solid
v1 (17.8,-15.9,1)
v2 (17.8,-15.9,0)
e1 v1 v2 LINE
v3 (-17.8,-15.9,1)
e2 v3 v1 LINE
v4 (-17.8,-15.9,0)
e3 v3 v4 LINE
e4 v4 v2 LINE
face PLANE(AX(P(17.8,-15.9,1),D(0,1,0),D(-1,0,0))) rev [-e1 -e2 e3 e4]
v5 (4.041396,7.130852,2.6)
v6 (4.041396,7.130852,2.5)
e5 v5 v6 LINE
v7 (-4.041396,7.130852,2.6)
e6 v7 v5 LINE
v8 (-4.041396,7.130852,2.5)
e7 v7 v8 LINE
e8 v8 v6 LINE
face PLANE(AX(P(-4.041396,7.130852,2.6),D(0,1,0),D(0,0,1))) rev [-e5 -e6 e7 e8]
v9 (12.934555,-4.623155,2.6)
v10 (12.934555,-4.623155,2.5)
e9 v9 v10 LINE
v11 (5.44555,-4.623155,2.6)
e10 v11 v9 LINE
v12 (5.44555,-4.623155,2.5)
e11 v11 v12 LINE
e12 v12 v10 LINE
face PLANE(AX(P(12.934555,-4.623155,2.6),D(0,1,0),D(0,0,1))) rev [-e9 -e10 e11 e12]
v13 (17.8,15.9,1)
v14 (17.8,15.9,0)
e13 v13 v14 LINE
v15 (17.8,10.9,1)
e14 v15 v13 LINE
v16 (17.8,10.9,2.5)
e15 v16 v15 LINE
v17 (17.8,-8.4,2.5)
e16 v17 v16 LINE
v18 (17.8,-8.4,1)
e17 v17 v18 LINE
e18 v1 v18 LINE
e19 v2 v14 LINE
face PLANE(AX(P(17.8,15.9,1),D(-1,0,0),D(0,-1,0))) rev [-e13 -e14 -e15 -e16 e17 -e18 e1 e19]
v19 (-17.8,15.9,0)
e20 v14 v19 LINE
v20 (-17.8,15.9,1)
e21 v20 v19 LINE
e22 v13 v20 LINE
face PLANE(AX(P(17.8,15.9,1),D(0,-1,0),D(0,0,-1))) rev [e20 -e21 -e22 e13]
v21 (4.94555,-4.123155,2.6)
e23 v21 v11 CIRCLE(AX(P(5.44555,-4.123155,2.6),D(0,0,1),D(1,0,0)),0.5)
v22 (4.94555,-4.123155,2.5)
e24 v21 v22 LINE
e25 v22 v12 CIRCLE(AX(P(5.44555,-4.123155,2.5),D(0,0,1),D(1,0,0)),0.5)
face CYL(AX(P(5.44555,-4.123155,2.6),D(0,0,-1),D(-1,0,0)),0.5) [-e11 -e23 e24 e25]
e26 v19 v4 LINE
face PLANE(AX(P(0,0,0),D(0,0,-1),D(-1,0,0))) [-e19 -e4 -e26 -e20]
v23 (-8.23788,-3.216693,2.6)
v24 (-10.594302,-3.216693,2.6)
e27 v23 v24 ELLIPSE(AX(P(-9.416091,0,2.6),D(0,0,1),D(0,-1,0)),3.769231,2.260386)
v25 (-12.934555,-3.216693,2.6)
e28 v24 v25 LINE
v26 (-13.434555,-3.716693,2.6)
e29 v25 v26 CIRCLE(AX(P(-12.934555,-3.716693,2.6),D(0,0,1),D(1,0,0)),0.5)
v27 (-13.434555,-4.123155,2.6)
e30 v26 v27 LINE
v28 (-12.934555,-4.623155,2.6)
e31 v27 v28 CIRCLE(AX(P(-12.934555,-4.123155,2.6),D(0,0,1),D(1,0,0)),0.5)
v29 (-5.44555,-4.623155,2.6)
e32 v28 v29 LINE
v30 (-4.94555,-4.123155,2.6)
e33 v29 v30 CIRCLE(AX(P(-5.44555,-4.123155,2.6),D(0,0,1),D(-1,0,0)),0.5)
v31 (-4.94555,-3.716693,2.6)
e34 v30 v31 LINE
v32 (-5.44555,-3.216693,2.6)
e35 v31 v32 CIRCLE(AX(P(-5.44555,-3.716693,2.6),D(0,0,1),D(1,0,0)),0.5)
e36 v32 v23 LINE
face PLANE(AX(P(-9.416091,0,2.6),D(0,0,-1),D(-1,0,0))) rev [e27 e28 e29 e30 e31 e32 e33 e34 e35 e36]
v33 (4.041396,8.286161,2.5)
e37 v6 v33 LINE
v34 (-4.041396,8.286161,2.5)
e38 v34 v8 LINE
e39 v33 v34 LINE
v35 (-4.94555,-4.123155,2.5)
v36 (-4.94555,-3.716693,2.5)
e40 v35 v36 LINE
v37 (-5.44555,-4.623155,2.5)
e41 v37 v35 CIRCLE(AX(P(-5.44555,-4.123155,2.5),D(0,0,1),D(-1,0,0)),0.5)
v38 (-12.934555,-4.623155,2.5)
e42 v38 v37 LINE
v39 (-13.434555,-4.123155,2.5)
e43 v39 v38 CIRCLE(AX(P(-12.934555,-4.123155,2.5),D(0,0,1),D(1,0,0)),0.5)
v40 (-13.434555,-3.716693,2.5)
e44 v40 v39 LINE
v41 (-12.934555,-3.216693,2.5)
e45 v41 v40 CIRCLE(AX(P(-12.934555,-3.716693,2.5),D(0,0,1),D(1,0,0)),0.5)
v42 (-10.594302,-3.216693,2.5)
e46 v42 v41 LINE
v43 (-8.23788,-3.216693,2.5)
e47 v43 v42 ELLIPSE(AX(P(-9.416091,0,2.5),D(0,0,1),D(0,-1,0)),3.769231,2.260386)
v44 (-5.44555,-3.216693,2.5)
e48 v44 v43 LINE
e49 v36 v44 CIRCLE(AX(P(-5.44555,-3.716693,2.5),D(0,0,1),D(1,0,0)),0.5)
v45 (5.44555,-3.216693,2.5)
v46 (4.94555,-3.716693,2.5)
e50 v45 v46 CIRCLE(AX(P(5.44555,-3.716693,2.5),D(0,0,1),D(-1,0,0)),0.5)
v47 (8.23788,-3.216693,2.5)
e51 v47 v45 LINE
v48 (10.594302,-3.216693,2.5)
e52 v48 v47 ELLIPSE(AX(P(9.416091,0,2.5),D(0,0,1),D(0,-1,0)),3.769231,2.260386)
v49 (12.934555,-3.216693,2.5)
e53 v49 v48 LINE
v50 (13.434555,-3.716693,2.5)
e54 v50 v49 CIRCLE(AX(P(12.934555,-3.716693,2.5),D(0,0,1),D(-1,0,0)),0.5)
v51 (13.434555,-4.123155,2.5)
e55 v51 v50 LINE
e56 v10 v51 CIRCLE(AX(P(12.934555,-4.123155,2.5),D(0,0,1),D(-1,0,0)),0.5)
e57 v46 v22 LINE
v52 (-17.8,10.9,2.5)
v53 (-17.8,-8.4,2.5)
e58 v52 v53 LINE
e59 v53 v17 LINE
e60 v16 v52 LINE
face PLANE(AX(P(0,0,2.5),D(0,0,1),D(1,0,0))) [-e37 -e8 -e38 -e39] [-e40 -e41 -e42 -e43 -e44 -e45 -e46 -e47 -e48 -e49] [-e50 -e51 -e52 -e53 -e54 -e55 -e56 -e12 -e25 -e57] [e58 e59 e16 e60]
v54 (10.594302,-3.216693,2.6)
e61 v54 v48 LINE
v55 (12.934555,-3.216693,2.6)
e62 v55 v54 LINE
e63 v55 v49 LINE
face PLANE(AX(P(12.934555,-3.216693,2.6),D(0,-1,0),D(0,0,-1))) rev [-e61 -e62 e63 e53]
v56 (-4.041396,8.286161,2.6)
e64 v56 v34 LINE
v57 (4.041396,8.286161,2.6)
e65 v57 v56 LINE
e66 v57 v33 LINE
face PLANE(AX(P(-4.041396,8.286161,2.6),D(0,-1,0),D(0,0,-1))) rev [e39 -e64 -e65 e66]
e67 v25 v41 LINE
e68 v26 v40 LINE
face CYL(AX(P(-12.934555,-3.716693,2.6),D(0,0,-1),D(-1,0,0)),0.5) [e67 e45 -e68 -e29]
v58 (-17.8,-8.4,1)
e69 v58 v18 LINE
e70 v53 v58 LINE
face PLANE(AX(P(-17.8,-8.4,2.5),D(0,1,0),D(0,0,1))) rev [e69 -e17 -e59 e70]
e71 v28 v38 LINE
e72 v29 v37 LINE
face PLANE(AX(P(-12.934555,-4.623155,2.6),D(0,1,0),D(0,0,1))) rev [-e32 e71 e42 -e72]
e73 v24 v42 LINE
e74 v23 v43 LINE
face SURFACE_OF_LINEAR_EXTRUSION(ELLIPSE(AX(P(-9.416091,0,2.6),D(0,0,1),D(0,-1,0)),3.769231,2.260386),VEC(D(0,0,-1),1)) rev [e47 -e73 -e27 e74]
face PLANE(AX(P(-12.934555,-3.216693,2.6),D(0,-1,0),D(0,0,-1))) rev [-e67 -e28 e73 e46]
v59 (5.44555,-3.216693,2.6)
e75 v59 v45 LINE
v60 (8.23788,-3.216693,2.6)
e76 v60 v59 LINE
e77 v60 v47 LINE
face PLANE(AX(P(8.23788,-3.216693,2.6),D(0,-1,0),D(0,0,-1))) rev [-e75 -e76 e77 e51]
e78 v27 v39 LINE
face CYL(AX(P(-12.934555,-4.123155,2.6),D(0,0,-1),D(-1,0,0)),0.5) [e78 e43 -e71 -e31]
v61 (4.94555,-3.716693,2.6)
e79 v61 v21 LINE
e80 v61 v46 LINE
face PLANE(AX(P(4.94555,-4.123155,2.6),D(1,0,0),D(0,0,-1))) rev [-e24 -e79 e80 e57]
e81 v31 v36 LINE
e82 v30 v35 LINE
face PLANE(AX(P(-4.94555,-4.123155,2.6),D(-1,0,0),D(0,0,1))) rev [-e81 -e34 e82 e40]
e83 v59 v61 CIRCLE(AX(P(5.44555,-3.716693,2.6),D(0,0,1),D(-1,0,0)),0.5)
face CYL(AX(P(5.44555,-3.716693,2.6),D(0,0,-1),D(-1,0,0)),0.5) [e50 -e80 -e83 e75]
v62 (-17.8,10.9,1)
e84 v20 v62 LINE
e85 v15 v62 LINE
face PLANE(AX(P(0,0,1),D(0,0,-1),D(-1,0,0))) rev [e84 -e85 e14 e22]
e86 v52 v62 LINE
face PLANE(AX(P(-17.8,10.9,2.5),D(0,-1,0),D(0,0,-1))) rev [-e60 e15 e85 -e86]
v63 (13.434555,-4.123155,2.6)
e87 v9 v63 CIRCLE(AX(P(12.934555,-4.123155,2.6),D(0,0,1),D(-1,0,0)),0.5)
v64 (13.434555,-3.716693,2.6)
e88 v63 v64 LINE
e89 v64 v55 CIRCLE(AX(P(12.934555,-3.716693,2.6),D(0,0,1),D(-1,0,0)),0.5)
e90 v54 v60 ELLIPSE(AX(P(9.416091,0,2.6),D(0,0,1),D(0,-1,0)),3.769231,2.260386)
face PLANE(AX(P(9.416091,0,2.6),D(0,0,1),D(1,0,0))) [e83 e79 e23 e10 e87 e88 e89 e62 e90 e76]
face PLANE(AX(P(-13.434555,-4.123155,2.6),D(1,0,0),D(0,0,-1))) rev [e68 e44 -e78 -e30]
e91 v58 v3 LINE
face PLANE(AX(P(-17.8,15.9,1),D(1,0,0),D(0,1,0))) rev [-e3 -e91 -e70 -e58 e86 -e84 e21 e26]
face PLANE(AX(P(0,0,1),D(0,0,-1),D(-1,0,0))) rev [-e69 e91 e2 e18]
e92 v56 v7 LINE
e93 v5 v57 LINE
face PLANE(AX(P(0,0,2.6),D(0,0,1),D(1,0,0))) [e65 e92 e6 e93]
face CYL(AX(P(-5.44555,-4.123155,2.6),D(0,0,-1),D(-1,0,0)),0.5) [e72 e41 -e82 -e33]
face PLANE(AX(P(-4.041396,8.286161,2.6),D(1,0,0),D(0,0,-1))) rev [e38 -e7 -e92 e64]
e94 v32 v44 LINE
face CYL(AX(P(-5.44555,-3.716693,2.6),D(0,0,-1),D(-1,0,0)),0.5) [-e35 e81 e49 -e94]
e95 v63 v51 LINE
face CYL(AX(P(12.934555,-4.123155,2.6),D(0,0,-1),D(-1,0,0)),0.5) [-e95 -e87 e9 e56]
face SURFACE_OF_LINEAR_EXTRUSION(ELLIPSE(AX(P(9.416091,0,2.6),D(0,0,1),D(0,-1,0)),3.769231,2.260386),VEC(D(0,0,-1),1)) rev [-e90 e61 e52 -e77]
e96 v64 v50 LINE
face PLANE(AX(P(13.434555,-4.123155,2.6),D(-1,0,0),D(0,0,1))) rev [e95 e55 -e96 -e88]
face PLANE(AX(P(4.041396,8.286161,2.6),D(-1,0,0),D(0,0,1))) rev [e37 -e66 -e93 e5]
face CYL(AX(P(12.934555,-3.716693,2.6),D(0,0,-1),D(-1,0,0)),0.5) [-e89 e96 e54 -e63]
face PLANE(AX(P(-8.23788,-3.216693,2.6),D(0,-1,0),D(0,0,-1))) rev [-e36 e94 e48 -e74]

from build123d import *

# Parameters (mm, degrees)
SKETCH_1_W      = 35.6
SKETCH_1_H      = 31.8
EXTRUDE_1_DEPTH = 1
SKETCH_2_W      = 35.6
SKETCH_2_H      = 19.3
EXTRUDE_2_DEPTH = 1.5
SKETCH_3_W      = 8.082791172
SKETCH_3_H      = 1.155308412
EXTRUDE_3_DEPTH = 0.1


with BuildPart() as part:
    # 草图1 → 凸台-拉伸1 (new body)
    with BuildSketch(Plane.XY):
        Rectangle(SKETCH_1_W, SKETCH_1_H)
    extrude(amount=EXTRUDE_1_DEPTH)

    # 草图2 → 凸台-拉伸2 (add)
    with BuildSketch(Plane.XY.offset(1)):
        with Locations((0, 1.25)):
            Rectangle(SKETCH_2_W, SKETCH_2_H)
    extrude(amount=EXTRUDE_2_DEPTH)

    # 草图3 → 凸台-拉伸3 (add)
    with BuildSketch(Plane.XY.offset(2.5)):
        with BuildLine():
            Line((8.23788009, -3.216692679), (5.445549995, -3.216692679))
            ThreePointArc((5.445549995, -3.216692679), (5.091996605, -3.363139288), (4.945549995, -3.716692679))
            Line((4.945549995, -3.716692679), (4.945549995, -4.123155093))
            ThreePointArc((4.945549995, -4.123155093), (5.091996605, -4.476708484), (5.445549995, -4.623155093))
            Line((5.445549995, -4.623155093), (12.934555282, -4.623155093))
            ThreePointArc((12.934555282, -4.623155093), (13.288108672, -4.476708484), (13.434555282, -4.123155093))
            Line((13.434555282, -4.123155093), (13.434555282, -3.716692679))
            ThreePointArc((13.434555282, -3.716692679), (13.288108672, -3.363139288), (12.934555282, -3.216692679))
            Line((12.934555282, -3.216692679), (10.594302392, -3.216692679))
            add(Edge.make_bspline(
                [(10.594302392, -3.216692679), (17.453446302, 3.769231485), (9.416091241, 3.769231485), (1.37873618, 3.769231485), (8.23788009, -3.216692679)],
                knots=[0.54830721, 0.54830721, 0.54830721, 3.141592654, 3.141592654, 5.734878097, 5.734878097, 5.734878097], degree=2, weights=[1, 0.270732248, 1, 0.270732248, 1]))
        make_face()
        with Locations((0, 7.708506432)):
            Rectangle(SKETCH_3_W, SKETCH_3_H)
        with BuildLine():
            Line((-4.945549995, -4.123155093), (-4.945549995, -3.716692679))
            ThreePointArc((-4.945549995, -3.716692679), (-5.091996605, -3.363139288), (-5.445549995, -3.216692679))
            Line((-5.445549995, -3.216692679), (-8.23788009, -3.216692679))
            add(Edge.make_bspline(
                [(-8.23788009, -3.216692679), (-1.37873618, 3.769231485), (-9.416091241, 3.769231485), (-17.453446302, 3.769231485), (-10.594302392, -3.216692679)],
                knots=[0.54830721, 0.54830721, 0.54830721, 3.141592654, 3.141592654, 5.734878097, 5.734878097, 5.734878097], degree=2, weights=[1, 0.270732248, 1, 0.270732248, 1]))
            Line((-10.594302392, -3.216692679), (-12.934555282, -3.216692679))
            ThreePointArc((-12.934555282, -3.216692679), (-13.288108672, -3.363139288), (-13.434555282, -3.716692679))
            Line((-13.434555282, -3.716692679), (-13.434555282, -4.123155093))
            ThreePointArc((-13.434555282, -4.123155093), (-13.288108672, -4.476708484), (-12.934555282, -4.623155093))
            Line((-12.934555282, -4.623155093), (-5.445549995, -4.623155093))
            ThreePointArc((-5.445549995, -4.623155093), (-5.091996605, -4.476708484), (-4.945549995, -4.123155093))
        make_face()
    extrude(amount=EXTRUDE_3_DEPTH)


solid = part.part
